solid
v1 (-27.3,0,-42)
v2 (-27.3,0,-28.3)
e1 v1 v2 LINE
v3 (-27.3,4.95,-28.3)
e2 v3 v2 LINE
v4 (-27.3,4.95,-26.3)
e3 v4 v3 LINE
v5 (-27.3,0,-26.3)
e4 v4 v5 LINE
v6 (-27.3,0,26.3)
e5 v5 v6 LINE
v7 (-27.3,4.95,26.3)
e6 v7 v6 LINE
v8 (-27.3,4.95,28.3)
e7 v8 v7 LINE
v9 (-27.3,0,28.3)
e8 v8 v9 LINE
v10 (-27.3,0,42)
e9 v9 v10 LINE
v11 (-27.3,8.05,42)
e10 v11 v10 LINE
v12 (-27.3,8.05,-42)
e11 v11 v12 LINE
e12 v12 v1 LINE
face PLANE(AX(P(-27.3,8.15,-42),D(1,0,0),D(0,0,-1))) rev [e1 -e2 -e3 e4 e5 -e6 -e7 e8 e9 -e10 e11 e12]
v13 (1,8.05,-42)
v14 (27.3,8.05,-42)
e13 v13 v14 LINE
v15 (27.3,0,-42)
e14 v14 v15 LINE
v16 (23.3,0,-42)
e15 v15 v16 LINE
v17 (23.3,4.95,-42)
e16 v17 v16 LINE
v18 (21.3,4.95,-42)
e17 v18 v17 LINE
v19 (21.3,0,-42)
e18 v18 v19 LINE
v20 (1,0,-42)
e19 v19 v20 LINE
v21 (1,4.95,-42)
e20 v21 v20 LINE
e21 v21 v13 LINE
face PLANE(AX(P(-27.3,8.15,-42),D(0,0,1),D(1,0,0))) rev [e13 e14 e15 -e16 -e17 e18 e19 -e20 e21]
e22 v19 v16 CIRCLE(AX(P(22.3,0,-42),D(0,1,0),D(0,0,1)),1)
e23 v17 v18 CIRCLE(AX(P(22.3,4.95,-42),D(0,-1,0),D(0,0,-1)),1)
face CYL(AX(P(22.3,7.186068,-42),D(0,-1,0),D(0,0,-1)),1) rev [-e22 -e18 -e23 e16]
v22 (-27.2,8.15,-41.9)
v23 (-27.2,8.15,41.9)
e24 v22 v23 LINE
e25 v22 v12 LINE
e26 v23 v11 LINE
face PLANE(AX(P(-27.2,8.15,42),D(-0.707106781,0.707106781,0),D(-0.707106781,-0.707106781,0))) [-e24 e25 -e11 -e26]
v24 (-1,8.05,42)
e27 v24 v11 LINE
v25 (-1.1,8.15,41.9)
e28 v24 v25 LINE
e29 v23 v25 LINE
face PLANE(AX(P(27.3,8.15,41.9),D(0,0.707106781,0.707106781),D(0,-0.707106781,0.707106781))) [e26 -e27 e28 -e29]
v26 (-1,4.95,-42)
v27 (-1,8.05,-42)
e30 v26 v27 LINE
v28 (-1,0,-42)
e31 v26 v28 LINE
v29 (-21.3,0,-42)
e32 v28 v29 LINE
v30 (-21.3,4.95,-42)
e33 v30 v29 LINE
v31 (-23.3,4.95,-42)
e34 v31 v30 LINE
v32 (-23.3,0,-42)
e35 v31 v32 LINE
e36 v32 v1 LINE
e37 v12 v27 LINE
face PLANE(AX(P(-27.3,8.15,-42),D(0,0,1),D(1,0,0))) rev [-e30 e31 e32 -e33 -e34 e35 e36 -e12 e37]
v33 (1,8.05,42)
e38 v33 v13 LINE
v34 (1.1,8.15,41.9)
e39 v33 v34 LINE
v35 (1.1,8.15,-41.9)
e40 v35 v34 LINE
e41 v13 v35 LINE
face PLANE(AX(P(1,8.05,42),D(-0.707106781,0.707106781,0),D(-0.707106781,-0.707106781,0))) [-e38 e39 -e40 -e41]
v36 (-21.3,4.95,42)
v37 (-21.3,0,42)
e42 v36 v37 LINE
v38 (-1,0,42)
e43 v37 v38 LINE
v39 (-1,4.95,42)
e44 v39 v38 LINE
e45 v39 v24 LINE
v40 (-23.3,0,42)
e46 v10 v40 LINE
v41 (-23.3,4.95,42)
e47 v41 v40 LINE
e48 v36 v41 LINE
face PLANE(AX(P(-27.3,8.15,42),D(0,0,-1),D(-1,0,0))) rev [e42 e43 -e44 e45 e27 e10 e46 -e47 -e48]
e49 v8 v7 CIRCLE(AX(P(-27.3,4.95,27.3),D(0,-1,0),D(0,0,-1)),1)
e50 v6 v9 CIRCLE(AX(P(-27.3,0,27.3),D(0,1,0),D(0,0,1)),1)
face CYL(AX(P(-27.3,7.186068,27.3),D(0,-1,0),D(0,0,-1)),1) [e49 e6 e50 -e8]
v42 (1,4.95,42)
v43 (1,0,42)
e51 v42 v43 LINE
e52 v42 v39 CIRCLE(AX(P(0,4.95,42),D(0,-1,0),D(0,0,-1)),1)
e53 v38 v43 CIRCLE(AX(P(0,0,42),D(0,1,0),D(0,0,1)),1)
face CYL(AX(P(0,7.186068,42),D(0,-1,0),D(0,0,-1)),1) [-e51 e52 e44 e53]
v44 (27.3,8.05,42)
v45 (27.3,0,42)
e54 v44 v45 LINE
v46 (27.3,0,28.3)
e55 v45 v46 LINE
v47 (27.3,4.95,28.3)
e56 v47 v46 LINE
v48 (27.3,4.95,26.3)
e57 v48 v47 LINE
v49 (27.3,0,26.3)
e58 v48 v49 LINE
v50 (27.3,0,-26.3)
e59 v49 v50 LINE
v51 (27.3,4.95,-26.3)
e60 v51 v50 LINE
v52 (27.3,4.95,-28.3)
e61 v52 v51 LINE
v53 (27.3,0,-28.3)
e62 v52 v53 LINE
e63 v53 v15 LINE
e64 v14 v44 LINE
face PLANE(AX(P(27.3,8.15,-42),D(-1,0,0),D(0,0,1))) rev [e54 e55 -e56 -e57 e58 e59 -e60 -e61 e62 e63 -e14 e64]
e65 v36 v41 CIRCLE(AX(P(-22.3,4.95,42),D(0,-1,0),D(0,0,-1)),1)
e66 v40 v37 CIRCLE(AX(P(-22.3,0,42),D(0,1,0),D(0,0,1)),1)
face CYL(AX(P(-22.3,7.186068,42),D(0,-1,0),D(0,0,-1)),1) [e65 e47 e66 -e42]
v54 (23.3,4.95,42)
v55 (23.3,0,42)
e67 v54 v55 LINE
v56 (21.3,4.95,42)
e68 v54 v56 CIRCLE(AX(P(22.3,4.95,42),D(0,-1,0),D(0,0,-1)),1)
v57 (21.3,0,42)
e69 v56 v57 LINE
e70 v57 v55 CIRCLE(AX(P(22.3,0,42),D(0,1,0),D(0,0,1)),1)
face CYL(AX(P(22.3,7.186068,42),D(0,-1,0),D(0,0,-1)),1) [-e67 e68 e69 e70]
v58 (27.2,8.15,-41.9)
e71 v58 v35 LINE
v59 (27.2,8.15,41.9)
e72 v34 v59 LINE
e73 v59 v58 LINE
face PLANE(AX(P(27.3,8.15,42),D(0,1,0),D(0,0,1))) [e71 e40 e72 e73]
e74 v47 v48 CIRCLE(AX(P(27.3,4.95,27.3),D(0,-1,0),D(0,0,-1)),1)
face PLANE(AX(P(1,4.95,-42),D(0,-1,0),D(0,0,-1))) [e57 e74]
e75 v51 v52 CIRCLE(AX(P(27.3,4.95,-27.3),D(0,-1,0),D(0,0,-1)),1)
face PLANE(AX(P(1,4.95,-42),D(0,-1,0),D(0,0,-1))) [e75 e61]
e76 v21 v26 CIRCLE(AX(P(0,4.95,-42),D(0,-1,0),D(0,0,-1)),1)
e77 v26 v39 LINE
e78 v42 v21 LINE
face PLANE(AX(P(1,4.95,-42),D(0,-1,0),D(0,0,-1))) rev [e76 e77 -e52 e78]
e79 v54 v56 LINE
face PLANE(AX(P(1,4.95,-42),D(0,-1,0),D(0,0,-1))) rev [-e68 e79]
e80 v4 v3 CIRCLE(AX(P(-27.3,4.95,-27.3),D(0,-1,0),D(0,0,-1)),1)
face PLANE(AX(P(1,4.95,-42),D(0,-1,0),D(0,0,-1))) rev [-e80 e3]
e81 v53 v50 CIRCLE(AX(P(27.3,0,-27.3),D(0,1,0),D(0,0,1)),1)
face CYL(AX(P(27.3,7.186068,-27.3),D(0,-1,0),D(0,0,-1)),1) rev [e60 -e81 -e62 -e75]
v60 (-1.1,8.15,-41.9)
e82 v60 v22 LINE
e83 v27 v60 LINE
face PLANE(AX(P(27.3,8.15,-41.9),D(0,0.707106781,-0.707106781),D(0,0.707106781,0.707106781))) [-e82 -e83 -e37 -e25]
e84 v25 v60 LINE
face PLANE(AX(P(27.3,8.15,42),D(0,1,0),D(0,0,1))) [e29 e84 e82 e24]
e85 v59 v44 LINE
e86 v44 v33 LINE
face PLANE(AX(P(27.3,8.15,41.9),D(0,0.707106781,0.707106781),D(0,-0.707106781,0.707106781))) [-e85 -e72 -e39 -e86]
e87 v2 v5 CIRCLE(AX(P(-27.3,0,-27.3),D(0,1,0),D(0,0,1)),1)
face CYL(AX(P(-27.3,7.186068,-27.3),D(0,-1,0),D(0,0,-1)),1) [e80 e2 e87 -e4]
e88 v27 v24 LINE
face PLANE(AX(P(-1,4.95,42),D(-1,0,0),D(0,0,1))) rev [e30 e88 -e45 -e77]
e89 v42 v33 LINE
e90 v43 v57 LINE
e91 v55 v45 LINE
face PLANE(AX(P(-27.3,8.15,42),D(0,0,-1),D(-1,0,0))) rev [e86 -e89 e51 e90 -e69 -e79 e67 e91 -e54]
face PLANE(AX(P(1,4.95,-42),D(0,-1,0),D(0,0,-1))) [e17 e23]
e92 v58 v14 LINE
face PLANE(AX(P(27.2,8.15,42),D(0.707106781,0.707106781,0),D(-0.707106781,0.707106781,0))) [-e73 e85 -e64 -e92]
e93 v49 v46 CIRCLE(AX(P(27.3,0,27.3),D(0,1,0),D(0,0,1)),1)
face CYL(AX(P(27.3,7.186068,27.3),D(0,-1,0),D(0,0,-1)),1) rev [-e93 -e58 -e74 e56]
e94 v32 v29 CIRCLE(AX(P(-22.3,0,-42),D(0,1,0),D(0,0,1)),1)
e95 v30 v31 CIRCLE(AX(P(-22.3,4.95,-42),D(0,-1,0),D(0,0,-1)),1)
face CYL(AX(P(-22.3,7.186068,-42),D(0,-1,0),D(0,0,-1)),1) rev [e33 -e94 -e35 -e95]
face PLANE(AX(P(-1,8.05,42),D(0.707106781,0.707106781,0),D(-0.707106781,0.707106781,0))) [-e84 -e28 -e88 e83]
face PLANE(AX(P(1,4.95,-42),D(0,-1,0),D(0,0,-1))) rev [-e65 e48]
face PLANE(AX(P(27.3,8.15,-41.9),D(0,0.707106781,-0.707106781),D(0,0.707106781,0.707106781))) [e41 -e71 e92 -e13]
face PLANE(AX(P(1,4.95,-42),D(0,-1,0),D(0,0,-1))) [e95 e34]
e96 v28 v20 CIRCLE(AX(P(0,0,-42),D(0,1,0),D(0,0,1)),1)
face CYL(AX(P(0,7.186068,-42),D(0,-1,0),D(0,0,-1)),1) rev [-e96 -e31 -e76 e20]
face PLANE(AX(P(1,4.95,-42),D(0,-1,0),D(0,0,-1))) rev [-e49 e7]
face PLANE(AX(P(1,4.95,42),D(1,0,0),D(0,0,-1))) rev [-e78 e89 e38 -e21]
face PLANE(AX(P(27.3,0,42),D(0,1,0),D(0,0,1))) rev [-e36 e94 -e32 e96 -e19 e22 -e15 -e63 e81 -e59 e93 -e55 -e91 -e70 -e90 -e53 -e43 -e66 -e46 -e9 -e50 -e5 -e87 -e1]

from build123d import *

# Parameters (mm, degrees)
SKETCH1_W           = 54.6
SKETCH1_H           = 84
BOSS_EXTRUDE1_DEPTH = 8.15
SKETCH2_W           = 2
SKETCH2_H           = 84
CUT_EXTRUDE1_DEPTH  = 3.2
CHAMFER1_SIZE       = 0.1
BOSS_EXTRUDE2_DEPTH = 4.95
CUT_EXTRUDE4_DEPTH  = 4.95


with BuildPart() as part:
    # Sketch1 → Boss-Extrude1 (new body)
    with BuildSketch(Plane(origin=(0, 0, 0), x_dir=(1, 0, 0), z_dir=(0, 1, 0))):
        Rectangle(SKETCH1_W, SKETCH1_H)
    extrude(amount=BOSS_EXTRUDE1_DEPTH)

    # Sketch2 → Cut-Extrude1 (cut)
    with BuildSketch(Plane(origin=(0, 8.15, 0), x_dir=(1, 0, 0), z_dir=(0, 1, 0))):
        Rectangle(SKETCH2_W, SKETCH2_H)
    extrude(amount=-CUT_EXTRUDE1_DEPTH, mode=Mode.SUBTRACT)

    # Chamfer1
    chamfer1_edges = [part.edges().sort_by_distance(p)[0] for p in [
        (-27.3, 8.15, 0),
        (-14.15, 8.15, 42),
        (-14.15, 8.15, -42),
        (14.15, 8.15, 42),
        (1, 8.15, 0),
        (-1, 8.15, 0),
        (27.3, 8.15, 0),
        (14.15, 8.15, -42),
    ]]
    chamfer(chamfer1_edges, length=CHAMFER1_SIZE)

    # Sketch6 → Boss-Extrude2 (add)
    with BuildSketch(Plane(origin=(0, 0, 0), x_dir=(1, 0, 0), z_dir=(0, 1, 0))):
        with BuildLine():
            Line((-27.3, 26.3), (-27.3, 28.3))
            ThreePointArc((-27.3, 28.3), (-28.3, 27.3), (-27.3, 26.3))
        make_face()
        with BuildLine():
            Line((-21.3, -42), (-23.3, -42))
            ThreePointArc((-23.3, -42), (-22.3, -43), (-21.3, -42))
        make_face()
        with BuildLine():
            Line((-27.3, -28.3), (-27.3, -26.3))
            ThreePointArc((-27.3, -26.3), (-28.3, -27.3), (-27.3, -28.3))
        make_face()
        with BuildLine():
            Line((1, -42), (-1, -42))
            ThreePointArc((-1, -42), (0, -43), (1, -42))
        make_face()
        with BuildLine():
            Line((23.3, -42), (21.3, -42))
            ThreePointArc((21.3, -42), (22.3, -43), (23.3, -42))
        make_face()
    extrude(amount=BOSS_EXTRUDE2_DEPTH)

    # Sketch13 → Cut-Extrude4 (cut)
    with BuildSketch(Plane(origin=(0, 0, 0), x_dir=(1, 0, 0), z_dir=(0, 1, 0))):
        with BuildLine():
            Line((27.3, 28.3), (27.3, 26.3))
            ThreePointArc((27.3, 26.3), (26.3, 27.3), (27.3, 28.3))
        make_face()
        with BuildLine():
            Line((-23.3, 42), (-21.3, 42))
            ThreePointArc((-21.3, 42), (-22.3, 41), (-23.3, 42))
        make_face()
        with BuildLine():
            Line((27.3, -26.3), (27.3, -28.3))
            ThreePointArc((27.3, -28.3), (26.3, -27.3), (27.3, -26.3))
        make_face()
        with BuildLine():
            Line((-1, 42), (1, 42))
            ThreePointArc((1, 42), (0, 41), (-1, 42))
        make_face()
        with BuildLine():
            Line((21.3, 42), (23.3, 42))
            ThreePointArc((23.3, 42), (22.3, 41), (21.3, 42))
        make_face()
    extrude(amount=CUT_EXTRUDE4_DEPTH, mode=Mode.SUBTRACT)


solid = part.part
